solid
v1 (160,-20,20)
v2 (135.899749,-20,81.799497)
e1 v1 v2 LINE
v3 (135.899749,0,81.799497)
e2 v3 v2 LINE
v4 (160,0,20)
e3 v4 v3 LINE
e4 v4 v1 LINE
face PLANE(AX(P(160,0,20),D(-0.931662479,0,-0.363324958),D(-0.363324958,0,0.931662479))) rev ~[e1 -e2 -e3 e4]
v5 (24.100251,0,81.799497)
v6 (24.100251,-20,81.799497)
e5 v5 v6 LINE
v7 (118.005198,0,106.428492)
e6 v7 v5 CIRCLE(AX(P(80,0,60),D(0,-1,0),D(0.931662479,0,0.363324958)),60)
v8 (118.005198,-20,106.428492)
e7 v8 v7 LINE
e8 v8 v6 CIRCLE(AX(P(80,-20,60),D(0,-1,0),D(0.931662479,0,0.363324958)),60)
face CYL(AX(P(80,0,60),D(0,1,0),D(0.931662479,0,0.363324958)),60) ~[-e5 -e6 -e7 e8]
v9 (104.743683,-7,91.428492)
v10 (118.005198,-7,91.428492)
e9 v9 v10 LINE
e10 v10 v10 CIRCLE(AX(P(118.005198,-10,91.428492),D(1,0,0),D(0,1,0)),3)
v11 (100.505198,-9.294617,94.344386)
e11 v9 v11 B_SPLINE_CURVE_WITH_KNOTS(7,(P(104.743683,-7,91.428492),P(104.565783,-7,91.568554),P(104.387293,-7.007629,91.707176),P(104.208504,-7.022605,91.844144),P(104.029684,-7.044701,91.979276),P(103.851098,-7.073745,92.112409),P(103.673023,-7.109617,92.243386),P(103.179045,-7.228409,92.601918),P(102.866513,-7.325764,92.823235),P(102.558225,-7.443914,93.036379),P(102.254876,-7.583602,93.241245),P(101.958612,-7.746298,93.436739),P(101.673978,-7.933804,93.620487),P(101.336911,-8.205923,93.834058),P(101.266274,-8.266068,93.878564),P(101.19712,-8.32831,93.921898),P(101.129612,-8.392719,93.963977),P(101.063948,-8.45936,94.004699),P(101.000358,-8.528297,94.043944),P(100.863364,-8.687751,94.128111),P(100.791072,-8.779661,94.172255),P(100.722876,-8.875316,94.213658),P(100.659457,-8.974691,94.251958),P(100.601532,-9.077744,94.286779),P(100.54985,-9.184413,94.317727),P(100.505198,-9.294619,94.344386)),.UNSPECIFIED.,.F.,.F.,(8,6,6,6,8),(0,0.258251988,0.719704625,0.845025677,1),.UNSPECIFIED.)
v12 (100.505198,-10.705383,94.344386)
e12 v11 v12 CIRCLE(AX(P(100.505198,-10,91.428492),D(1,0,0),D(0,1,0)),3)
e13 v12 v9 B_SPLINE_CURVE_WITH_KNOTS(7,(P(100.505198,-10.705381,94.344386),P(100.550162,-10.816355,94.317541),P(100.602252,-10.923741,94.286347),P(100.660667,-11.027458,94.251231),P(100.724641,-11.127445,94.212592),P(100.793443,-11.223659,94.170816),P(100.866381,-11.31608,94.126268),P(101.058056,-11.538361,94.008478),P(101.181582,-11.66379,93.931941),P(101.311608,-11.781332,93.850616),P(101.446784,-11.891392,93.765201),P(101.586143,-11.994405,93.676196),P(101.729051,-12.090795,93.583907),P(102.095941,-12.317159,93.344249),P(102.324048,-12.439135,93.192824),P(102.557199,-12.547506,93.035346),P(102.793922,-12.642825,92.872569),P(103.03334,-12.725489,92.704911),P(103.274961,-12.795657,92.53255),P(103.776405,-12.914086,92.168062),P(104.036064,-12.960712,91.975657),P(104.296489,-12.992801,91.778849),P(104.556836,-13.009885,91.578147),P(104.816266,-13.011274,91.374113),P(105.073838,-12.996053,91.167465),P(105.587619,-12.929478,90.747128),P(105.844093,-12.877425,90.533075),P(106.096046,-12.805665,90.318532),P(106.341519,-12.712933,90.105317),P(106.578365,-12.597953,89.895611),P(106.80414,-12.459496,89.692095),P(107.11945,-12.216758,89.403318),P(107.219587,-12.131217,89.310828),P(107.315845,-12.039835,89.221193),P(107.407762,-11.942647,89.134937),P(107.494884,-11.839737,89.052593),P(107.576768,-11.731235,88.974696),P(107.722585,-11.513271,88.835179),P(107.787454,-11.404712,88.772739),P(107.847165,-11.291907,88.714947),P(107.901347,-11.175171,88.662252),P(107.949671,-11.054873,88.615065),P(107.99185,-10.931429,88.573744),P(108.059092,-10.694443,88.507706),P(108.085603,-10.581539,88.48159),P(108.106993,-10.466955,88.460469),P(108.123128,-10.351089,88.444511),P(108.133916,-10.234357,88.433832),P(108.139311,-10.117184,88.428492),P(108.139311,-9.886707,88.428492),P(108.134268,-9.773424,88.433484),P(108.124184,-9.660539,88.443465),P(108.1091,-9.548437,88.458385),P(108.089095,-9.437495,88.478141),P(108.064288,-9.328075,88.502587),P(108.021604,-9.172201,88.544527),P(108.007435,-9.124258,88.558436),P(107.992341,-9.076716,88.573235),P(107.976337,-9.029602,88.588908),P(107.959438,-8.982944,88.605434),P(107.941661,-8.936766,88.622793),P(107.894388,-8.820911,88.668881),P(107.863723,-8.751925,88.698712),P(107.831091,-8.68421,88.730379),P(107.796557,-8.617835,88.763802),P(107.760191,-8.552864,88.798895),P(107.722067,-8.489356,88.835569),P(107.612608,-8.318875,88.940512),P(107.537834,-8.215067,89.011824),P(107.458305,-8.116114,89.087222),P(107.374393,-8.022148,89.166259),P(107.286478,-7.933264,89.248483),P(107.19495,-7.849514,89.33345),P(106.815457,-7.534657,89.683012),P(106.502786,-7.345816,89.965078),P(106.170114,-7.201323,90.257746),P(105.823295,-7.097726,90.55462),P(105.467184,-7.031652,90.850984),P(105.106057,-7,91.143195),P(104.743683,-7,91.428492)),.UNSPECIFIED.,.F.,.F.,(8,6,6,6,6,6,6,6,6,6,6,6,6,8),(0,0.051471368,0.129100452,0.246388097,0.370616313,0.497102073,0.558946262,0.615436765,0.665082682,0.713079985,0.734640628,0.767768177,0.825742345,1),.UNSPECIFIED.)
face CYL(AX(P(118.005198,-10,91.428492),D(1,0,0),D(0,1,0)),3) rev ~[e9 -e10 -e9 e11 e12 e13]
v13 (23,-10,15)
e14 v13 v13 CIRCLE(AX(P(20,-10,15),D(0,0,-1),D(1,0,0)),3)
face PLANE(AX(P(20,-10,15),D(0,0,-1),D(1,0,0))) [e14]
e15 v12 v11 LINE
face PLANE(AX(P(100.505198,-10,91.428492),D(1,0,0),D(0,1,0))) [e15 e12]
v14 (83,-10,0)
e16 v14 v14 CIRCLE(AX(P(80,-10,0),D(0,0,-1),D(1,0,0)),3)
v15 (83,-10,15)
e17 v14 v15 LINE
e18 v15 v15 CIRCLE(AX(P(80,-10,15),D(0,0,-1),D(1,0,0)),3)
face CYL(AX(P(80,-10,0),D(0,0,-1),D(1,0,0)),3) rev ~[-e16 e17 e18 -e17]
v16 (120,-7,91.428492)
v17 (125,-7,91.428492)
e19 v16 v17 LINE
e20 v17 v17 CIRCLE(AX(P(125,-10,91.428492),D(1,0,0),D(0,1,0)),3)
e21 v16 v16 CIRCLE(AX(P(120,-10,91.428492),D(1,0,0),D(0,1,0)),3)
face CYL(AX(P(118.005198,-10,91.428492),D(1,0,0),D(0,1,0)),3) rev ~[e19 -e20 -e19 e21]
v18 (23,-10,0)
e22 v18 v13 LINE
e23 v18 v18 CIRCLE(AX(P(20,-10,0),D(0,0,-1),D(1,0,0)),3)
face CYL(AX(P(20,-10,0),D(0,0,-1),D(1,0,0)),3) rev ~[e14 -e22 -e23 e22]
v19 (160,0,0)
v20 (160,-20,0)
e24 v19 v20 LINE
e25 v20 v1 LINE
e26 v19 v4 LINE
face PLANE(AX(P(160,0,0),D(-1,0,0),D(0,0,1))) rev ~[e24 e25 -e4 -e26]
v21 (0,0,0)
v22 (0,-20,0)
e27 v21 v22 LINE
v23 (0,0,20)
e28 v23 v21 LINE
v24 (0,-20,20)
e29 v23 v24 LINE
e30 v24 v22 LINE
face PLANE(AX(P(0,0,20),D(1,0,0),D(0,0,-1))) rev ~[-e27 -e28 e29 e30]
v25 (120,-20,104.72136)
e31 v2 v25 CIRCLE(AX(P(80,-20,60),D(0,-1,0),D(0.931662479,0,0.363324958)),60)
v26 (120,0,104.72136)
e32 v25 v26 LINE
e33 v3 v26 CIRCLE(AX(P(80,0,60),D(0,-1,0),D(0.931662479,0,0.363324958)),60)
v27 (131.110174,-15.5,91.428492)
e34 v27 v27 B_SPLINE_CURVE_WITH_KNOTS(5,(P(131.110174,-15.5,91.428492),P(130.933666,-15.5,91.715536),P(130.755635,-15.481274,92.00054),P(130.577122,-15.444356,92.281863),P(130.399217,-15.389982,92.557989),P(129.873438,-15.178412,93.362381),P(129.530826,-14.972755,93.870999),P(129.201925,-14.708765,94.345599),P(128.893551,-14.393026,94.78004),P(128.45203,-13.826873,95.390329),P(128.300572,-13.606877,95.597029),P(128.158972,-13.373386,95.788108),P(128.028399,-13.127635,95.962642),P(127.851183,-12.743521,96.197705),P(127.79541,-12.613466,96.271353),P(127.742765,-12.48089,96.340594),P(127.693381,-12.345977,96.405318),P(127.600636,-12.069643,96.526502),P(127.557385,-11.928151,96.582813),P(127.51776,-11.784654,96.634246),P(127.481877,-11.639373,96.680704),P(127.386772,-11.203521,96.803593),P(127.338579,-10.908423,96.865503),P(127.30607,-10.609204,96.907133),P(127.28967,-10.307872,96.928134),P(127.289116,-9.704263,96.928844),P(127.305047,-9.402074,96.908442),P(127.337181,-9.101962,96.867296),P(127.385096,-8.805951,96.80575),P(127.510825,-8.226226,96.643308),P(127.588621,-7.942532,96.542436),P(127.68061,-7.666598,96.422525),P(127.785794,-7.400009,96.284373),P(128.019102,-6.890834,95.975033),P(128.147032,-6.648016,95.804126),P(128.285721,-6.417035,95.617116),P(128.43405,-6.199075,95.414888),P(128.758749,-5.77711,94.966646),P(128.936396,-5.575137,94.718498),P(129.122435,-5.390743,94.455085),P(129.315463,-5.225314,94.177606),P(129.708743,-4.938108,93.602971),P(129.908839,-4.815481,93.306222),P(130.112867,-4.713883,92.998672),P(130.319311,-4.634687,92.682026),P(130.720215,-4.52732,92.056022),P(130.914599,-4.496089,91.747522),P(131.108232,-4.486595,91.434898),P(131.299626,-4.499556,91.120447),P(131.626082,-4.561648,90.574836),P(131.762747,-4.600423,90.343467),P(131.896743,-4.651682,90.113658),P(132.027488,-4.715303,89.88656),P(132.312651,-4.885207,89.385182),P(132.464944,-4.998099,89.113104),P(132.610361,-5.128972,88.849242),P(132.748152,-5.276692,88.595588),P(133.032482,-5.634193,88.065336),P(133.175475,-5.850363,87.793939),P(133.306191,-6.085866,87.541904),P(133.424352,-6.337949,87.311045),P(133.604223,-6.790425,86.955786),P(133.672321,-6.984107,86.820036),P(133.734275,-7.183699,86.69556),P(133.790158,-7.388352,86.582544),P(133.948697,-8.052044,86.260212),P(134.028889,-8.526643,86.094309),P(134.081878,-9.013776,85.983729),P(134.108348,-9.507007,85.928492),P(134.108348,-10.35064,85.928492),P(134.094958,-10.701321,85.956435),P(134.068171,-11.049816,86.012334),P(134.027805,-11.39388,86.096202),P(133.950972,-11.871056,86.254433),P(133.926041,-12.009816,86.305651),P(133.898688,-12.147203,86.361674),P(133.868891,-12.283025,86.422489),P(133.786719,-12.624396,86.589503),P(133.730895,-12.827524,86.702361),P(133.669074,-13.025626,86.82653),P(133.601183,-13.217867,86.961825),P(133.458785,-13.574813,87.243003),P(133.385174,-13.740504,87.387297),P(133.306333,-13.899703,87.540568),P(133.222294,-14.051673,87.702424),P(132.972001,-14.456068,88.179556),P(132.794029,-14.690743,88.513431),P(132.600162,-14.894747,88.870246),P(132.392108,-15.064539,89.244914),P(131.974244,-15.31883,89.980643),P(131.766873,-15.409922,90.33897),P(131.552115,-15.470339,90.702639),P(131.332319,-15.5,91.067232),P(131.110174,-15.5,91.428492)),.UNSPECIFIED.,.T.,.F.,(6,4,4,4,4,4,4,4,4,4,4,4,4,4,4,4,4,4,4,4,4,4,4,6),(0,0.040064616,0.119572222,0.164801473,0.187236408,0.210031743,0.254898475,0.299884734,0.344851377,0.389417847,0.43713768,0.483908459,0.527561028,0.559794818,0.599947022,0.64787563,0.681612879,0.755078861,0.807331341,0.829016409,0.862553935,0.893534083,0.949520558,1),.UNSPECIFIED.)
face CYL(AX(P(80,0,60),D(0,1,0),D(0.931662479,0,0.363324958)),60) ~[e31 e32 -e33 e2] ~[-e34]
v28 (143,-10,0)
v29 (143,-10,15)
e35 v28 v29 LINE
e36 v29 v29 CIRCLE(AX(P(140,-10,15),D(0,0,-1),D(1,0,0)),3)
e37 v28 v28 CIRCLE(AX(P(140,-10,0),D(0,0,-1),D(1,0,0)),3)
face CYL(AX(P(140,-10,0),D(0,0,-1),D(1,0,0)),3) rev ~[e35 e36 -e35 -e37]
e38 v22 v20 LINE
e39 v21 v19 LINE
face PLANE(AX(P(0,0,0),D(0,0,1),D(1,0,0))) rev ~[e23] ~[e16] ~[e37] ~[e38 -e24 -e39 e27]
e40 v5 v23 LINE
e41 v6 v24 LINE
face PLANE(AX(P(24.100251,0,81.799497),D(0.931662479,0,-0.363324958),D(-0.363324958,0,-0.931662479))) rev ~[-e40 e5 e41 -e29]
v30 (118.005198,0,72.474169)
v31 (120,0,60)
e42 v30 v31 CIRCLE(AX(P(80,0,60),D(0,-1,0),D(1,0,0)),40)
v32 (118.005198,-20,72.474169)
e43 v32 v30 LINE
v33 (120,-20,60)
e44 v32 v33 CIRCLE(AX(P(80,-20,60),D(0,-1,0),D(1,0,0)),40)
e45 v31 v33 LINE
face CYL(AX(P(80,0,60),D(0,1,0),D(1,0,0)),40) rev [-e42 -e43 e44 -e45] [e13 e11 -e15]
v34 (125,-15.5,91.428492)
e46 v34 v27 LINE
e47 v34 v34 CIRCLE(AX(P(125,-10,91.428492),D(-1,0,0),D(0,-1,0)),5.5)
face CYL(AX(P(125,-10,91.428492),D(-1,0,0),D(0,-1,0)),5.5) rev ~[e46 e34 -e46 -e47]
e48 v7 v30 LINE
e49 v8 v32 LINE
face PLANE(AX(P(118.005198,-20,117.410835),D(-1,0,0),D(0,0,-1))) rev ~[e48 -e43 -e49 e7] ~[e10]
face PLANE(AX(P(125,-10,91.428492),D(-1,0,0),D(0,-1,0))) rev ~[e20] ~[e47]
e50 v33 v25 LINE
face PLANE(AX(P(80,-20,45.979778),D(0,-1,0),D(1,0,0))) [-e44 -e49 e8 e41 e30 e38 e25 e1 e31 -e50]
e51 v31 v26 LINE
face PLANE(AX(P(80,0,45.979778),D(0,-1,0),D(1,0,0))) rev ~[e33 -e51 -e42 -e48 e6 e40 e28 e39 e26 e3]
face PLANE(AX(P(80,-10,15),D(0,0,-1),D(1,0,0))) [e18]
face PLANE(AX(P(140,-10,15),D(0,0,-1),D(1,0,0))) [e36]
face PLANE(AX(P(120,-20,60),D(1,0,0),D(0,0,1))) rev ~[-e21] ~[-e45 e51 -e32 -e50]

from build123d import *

# Parameters (mm, degrees)
F0_R      = 40
F1_DEPTH  = 20
F3_DEPTH  = 25
F4_R      = 3
F5_DEPTH  = 17.5
F7_R      = 5.5
F8_DEPTH  = 25
F9_R      = 3
F10_DEPTH = 15


with BuildPart() as f1:
    # F0 (on Front) → F1 (new body)
    with BuildSketch(Plane.XZ):
        with BuildLine():
            Line((0, 20), (0, 0))
            Line((0, 0), (160, 0))
            Line((160, 0), (160, 20))
            Line((160, 20), (135.8997487421, 81.7994974843))
            ThreePointArc((135.8997487421, 81.7994974843), (80, 120), (24.1002512579, 81.7994974843))
            Line((24.1002512579, 81.7994974843), (0, 20))
        make_face()
        with Locations((80, 60)):
            Circle(F0_R, mode=Mode.SUBTRACT)
    extrude(amount=F1_DEPTH)

    # F2 (on face) → F3 (cut)
    with BuildSketch(Plane.XZ.offset(20)):
        Polygon((118.0051983823, 117.4108353592), (118.0051983823, 60), (120, 60), (120, 117.2667294741), align=None)
    extrude(amount=-F3_DEPTH, mode=Mode.SUBTRACT)

    # F4 (on face) → F5 (cut, symmetric)
    with BuildSketch(Plane.YZ.offset(118.0051983823)):
        with Locations((-10, 91.4284922857)):
            Circle(F4_R)
    extrude(amount=F5_DEPTH, both=True, mode=Mode.SUBTRACT)

    # F7 (on offset) → F8 (cut)
    with BuildSketch(Plane(origin=(125, 0, 0), x_dir=(0, -1, 0), z_dir=(-1, 0, 0))):
        with Locations((10, 91.4284922857)):
            Circle(F7_R)
    extrude(amount=-F8_DEPTH, mode=Mode.SUBTRACT)

    # F9 (on face) → F10 (cut)
    with BuildSketch(Plane(origin=(0, 0, 0), x_dir=(1, 0, 0), z_dir=(0, 0, -1))):
        with Locations((20, 10)):
            Circle(F9_R)
        with Locations((140, 10)):
            Circle(F9_R)
        with Locations((80, 10)):
            Circle(F9_R)
    extrude(amount=-F10_DEPTH, mode=Mode.SUBTRACT)


solid = f1.part
